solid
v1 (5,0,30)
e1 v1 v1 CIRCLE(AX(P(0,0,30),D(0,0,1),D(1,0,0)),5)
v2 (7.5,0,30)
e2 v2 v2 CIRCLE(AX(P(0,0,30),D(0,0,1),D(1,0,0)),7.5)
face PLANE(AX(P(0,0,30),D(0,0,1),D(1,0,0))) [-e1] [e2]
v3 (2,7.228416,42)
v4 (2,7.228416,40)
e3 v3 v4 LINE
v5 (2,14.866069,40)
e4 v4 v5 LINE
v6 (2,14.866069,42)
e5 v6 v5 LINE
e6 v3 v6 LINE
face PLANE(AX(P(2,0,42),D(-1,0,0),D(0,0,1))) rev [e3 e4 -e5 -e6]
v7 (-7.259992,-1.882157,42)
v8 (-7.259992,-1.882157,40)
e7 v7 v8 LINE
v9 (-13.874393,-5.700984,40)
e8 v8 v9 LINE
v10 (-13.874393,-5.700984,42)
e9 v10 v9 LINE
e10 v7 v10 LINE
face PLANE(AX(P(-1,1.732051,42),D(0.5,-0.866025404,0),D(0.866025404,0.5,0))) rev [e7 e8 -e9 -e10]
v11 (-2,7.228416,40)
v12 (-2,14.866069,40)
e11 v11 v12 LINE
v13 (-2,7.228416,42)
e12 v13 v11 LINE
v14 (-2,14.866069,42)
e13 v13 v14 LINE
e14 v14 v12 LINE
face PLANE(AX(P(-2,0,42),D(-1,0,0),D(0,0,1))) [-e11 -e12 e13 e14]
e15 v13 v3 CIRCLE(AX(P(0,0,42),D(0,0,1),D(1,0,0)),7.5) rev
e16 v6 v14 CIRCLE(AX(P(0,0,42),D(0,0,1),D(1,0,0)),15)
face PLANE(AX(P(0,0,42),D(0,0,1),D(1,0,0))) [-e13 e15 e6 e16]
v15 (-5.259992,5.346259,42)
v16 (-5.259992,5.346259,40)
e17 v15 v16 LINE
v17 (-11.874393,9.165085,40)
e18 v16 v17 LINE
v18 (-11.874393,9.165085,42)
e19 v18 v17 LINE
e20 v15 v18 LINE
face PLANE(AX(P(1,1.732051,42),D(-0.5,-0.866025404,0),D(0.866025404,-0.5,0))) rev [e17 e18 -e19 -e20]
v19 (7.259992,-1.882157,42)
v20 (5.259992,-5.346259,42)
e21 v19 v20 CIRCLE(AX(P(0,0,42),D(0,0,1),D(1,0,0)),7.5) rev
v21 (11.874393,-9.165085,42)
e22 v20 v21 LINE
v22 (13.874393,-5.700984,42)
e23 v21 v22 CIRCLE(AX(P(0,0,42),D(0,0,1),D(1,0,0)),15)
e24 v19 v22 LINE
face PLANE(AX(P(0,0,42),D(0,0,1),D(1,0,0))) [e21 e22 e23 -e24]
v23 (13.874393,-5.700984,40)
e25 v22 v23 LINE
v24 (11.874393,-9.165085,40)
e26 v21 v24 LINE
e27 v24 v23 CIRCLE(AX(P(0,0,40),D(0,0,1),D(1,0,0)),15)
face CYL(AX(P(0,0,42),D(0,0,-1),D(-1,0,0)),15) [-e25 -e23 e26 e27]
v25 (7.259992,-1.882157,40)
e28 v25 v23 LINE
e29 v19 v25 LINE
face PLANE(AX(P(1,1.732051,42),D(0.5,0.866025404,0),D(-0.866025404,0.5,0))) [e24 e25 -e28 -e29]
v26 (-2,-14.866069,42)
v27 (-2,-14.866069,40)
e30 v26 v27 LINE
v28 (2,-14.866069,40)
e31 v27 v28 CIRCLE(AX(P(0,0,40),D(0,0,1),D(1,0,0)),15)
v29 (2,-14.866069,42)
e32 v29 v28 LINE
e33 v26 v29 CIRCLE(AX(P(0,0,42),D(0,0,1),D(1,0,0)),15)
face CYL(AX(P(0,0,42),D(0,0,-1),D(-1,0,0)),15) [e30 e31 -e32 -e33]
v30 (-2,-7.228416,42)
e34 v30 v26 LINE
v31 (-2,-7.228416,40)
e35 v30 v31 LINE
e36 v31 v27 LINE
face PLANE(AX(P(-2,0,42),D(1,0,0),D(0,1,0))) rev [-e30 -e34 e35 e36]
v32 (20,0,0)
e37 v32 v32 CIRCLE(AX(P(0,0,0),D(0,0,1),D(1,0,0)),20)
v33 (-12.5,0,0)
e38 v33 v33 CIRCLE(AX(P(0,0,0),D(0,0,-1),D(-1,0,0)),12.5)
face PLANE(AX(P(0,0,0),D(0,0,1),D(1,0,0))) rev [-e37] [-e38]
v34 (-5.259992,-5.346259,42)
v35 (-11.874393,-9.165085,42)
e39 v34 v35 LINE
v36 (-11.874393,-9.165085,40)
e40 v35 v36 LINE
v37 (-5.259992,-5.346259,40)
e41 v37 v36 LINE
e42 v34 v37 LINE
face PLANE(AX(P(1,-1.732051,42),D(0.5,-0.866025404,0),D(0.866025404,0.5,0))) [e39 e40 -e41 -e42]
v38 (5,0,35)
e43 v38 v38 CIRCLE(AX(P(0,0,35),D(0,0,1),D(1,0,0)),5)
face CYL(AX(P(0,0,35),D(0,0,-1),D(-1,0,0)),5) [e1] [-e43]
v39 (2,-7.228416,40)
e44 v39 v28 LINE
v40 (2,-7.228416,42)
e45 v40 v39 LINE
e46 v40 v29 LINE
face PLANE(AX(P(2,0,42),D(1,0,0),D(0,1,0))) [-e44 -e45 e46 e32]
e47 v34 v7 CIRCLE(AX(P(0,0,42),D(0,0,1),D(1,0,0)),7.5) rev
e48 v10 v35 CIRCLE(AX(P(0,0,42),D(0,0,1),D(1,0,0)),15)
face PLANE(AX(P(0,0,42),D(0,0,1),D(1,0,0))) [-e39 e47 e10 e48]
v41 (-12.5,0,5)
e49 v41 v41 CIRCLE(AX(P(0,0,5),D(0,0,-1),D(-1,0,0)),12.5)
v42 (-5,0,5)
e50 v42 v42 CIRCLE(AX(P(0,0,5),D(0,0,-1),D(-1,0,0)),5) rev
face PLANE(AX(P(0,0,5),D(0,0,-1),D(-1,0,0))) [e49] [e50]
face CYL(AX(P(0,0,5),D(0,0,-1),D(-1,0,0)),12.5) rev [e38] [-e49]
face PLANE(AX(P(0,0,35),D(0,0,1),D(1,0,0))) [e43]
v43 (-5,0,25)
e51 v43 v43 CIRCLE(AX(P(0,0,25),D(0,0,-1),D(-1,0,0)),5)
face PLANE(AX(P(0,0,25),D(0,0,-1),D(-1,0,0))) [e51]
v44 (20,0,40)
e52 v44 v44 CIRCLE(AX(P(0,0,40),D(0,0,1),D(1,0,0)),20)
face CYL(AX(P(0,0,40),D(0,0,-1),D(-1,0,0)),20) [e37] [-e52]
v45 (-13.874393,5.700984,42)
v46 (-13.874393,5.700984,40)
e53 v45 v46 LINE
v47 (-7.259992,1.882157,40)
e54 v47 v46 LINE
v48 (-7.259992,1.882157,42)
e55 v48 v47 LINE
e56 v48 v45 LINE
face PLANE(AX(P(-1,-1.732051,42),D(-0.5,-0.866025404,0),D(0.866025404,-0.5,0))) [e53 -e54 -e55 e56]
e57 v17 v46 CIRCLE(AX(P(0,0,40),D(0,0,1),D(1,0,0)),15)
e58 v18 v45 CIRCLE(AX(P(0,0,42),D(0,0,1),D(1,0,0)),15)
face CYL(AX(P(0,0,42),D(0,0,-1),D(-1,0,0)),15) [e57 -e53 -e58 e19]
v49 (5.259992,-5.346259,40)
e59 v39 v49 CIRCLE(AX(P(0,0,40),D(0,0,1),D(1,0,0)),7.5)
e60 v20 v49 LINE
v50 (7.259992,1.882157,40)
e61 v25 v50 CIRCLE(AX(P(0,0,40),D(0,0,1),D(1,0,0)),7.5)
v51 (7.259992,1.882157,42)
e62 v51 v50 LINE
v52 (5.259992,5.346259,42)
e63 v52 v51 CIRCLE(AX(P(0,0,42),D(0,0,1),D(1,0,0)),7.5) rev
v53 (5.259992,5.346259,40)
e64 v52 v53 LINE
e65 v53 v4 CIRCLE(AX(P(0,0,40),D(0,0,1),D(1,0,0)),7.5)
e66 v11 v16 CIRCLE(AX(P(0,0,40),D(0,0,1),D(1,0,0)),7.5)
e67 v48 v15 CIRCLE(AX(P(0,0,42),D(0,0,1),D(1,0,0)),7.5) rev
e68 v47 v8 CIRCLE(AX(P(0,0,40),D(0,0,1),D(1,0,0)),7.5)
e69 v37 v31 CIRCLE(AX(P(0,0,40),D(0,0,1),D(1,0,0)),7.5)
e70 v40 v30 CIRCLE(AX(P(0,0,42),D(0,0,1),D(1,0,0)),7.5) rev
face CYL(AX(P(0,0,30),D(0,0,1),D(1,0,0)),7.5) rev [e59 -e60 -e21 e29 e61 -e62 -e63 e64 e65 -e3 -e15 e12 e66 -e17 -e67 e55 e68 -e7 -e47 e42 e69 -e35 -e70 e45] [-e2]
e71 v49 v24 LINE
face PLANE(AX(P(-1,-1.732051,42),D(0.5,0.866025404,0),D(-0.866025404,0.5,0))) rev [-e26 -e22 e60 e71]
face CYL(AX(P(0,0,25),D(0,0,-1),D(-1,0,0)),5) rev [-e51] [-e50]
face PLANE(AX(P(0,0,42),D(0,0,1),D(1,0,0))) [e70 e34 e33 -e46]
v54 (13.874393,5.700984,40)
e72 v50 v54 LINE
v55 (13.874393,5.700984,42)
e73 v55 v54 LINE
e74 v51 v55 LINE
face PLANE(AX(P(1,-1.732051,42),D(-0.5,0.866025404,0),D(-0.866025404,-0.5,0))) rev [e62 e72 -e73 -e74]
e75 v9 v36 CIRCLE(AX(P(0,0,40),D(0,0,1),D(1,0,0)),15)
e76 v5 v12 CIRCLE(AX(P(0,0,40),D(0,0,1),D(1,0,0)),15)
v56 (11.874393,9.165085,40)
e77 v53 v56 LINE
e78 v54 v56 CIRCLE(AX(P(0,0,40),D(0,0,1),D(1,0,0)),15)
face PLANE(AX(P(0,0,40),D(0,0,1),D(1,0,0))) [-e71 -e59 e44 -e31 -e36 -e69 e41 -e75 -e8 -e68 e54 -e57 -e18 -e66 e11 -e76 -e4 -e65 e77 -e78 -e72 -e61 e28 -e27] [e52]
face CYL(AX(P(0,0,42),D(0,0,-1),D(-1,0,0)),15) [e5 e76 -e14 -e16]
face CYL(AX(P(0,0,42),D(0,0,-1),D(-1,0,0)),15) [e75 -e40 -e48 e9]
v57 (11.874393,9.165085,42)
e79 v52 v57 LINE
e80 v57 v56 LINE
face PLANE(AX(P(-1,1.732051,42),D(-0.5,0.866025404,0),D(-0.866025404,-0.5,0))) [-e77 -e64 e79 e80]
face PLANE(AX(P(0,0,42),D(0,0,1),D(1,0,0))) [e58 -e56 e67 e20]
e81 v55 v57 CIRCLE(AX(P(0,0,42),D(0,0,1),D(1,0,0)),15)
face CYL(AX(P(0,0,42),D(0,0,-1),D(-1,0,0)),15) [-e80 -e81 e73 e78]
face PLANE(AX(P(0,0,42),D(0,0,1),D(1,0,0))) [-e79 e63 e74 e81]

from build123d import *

# Parameters (mm, degrees)
SKETCH5_R           = 20
BOSS_EXTRUDE3_DEPTH = 40
SKETCH6_R           = 7.5
CUT_EXTRUDE3_DEPTH  = 10
BOSS_EXTRUDE4_DEPTH = 2
SKETCH8_R           = 5
CUT_EXTRUDE6_DEPTH  = 25
SKETCH9_R           = 12.5
CUT_EXTRUDE7_DEPTH  = 5
SKETCH10_R          = 5
BOSS_EXTRUDE5_DEPTH = 5


with BuildPart() as part:
    # Sketch5 → Boss-Extrude3 (new body)
    with BuildSketch(Plane.XY):
        Circle(SKETCH5_R)
    extrude(amount=BOSS_EXTRUDE3_DEPTH)

    # Sketch6 → Cut-Extrude3 (cut)
    with BuildSketch(Plane.XY.offset(40)):
        Circle(SKETCH6_R)
    extrude(amount=-CUT_EXTRUDE3_DEPTH, mode=Mode.SUBTRACT)

    # Sketch7 → Boss-Extrude4 (add)
    with BuildSketch(Plane.XY.offset(40)):
        with BuildLine():
            ThreePointArc((-2, 7.228416147), (0, 7.5), (2, 7.228416147))
            Line((2, 7.228416147), (2, 14.866068747))
            ThreePointArc((2, 14.866068747), (0, 15), (-2, 14.866068747))
            Line((-2, 14.866068747), (-2, 7.228416147))
        make_face()
        with BuildLine():
            Line((11.87439319, 9.165085181), (5.259992013, 5.346258881))
            ThreePointArc((5.259992013, 5.346258881), (6.495190528, 3.75), (7.259992013, 1.882157266))
            Line((7.259992013, 1.882157266), (13.87439319, 5.700983566))
            ThreePointArc((13.87439319, 5.700983566), (12.990381057, 7.5), (11.87439319, 9.165085181))
        make_face()
        with BuildLine():
            Line((13.87439319, -5.700983566), (7.259992013, -1.882157266))
            ThreePointArc((7.259992013, -1.882157266), (6.495190528, -3.75), (5.259992013, -5.346258881))
            Line((5.259992013, -5.346258881), (11.87439319, -9.165085181))
            ThreePointArc((11.87439319, -9.165085181), (12.990381057, -7.5), (13.87439319, -5.700983566))
        make_face()
        with BuildLine():
            Line((2, -14.866068747), (2, -7.228416147))
            ThreePointArc((2, -7.228416147), (0, -7.5), (-2, -7.228416147))
            Line((-2, -7.228416147), (-2, -14.866068747))
            ThreePointArc((-2, -14.866068747), (0, -15), (2, -14.866068747))
        make_face()
        with BuildLine():
            ThreePointArc((-5.259992013, -5.346258881), (-6.495190528, -3.75), (-7.259992013, -1.882157266))
            Line((-7.259992013, -1.882157266), (-13.87439319, -5.700983566))
            ThreePointArc((-13.87439319, -5.700983566), (-12.990381057, -7.5), (-11.87439319, -9.165085181))
            Line((-11.87439319, -9.165085181), (-5.259992013, -5.346258881))
        make_face()
        with BuildLine():
            ThreePointArc((-7.259992013, 1.882157266), (-6.495190528, 3.75), (-5.259992013, 5.346258881))
            Line((-5.259992013, 5.346258881), (-11.87439319, 9.165085181))
            ThreePointArc((-11.87439319, 9.165085181), (-12.990381057, 7.5), (-13.87439319, 5.700983566))
            Line((-13.87439319, 5.700983566), (-7.259992013, 1.882157266))
        make_face()
    extrude(amount=BOSS_EXTRUDE4_DEPTH)

    # Sketch8 → Cut-Extrude6 (cut)
    with BuildSketch(Plane(origin=(0, 0, 0), x_dir=(-1, 0, 0), z_dir=(0, 0, -1))):
        Circle(SKETCH8_R)
    extrude(amount=-CUT_EXTRUDE6_DEPTH, mode=Mode.SUBTRACT)

    # Sketch9 → Cut-Extrude7 (cut)
    with BuildSketch(Plane(origin=(0, 0, 0), x_dir=(-1, 0, 0), z_dir=(0, 0, -1))):
        Circle(SKETCH9_R)
    extrude(amount=-CUT_EXTRUDE7_DEPTH, mode=Mode.SUBTRACT)

    # Sketch10 → Boss-Extrude5 (add)
    with BuildSketch(Plane.XY.offset(30)):
        Circle(SKETCH10_R)
    extrude(amount=BOSS_EXTRUDE5_DEPTH)


solid = part.part
